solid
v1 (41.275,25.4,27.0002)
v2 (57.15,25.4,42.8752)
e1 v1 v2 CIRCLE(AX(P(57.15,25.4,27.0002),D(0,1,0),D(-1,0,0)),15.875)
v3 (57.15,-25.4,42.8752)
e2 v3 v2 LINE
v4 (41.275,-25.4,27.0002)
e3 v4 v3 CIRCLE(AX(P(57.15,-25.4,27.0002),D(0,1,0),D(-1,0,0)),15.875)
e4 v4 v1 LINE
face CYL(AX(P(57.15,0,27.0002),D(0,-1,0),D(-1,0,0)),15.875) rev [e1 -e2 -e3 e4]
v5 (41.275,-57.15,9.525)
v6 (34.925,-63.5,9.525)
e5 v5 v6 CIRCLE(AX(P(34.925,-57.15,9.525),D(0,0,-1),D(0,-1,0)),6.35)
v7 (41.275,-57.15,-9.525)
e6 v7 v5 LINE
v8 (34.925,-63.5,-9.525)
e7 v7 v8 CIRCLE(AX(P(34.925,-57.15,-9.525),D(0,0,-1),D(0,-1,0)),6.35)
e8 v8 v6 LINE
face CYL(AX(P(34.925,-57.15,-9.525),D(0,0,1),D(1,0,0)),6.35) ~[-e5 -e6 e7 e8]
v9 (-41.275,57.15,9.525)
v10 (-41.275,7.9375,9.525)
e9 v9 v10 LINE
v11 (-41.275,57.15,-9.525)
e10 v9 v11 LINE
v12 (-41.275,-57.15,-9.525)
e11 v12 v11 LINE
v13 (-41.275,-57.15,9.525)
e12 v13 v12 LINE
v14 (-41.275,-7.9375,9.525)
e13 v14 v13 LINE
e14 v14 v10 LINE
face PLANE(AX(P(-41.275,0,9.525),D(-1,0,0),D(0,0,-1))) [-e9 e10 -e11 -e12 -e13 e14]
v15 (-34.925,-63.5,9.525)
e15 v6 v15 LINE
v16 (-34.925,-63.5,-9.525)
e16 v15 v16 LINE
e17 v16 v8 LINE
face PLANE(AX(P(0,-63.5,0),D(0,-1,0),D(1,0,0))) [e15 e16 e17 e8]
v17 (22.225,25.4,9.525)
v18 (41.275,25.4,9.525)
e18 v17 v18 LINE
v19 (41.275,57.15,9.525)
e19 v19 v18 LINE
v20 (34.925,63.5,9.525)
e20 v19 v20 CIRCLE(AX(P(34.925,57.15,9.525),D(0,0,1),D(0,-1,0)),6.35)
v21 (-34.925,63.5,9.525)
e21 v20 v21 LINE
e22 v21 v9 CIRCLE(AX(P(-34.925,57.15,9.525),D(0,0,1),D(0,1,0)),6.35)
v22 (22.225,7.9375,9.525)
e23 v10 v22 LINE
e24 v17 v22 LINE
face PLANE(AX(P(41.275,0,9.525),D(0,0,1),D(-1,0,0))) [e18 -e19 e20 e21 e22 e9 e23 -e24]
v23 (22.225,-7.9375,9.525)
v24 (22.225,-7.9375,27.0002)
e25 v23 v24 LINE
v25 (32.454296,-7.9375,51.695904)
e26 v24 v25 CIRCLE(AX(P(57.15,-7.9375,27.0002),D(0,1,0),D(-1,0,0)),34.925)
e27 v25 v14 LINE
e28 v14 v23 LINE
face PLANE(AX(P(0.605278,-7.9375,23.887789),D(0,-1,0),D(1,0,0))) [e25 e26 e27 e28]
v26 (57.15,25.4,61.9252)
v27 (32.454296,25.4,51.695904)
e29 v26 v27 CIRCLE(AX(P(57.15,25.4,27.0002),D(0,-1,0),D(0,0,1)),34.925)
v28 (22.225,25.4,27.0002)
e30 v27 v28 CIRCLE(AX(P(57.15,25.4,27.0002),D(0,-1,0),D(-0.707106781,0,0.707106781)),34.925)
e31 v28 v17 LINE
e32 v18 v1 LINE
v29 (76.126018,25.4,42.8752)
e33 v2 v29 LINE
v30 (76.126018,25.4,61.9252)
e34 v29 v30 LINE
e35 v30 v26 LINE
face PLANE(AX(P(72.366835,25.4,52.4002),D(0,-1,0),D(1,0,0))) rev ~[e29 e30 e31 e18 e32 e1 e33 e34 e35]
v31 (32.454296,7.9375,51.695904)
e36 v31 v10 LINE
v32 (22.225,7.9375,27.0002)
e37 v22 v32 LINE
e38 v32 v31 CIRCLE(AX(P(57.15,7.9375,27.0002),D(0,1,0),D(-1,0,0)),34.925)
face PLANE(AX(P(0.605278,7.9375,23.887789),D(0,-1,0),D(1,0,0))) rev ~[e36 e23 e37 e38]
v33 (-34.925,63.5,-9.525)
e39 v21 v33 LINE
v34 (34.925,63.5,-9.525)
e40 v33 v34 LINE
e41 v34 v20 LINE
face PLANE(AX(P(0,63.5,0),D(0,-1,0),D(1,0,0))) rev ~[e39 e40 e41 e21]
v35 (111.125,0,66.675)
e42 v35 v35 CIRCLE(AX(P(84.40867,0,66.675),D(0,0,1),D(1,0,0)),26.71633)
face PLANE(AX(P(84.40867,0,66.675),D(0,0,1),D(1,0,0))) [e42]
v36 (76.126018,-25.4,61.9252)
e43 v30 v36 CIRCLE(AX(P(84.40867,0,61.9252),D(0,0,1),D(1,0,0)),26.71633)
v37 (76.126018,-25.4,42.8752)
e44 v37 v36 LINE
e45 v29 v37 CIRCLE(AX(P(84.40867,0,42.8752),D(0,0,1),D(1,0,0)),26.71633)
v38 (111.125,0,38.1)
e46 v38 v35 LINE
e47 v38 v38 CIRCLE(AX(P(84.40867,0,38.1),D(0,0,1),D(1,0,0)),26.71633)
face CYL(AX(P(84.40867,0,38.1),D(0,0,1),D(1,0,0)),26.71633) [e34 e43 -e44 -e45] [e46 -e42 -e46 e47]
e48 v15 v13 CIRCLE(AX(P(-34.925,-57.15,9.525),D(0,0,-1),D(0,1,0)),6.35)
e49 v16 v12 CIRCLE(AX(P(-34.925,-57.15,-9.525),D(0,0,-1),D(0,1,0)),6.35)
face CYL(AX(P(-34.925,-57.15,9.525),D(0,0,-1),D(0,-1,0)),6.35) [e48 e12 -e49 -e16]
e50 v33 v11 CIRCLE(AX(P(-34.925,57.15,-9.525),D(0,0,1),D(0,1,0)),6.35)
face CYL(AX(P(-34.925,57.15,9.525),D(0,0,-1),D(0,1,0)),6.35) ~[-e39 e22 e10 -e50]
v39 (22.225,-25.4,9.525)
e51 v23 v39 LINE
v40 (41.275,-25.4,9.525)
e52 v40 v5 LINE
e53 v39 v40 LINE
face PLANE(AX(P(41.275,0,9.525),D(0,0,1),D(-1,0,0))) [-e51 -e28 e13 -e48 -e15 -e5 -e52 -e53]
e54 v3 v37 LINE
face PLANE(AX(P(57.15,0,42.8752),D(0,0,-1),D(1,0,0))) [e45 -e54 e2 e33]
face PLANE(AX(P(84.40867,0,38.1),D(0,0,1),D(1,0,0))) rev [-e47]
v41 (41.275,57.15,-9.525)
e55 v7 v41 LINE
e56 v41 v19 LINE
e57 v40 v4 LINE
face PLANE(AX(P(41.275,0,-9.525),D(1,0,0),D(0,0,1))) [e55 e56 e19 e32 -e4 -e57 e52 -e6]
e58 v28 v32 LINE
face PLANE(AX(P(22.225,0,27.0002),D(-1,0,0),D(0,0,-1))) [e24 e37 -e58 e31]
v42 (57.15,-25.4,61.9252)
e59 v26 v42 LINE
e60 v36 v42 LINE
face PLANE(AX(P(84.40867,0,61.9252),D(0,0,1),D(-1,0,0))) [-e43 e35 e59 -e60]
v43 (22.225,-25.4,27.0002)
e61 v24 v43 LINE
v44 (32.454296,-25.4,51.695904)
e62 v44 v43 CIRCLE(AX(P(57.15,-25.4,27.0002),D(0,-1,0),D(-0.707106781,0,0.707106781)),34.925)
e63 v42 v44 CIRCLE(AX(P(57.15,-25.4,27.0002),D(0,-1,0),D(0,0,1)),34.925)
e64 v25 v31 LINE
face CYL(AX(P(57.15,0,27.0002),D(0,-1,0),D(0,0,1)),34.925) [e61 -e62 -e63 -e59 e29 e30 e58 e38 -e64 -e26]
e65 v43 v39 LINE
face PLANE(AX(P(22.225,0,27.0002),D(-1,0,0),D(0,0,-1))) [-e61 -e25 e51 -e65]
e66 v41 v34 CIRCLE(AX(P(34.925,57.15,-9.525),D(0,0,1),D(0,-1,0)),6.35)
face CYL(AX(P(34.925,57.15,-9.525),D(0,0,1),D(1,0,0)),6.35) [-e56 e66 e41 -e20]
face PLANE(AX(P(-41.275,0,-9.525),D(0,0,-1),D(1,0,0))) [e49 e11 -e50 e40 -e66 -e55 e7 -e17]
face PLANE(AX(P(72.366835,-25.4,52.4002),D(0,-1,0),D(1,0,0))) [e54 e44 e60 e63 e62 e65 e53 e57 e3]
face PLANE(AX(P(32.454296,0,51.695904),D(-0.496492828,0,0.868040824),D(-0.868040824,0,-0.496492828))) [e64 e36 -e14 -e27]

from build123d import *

# Parameters (mm, degrees)
F1_DEPTH = 63.5
F0_W     = 24.0836695663
F0_H     = 19.05
F2_DEPTH = 25.4
F3_DEPTH = 7.9375
F5_R     = 6.35


with BuildPart() as f1:
    # F0 (on Front) → F1 (new body, symmetric)
    with BuildSketch(Plane.XZ):
        Polygon((41.275, -9.525), (41.275, 9.525), (22.225, 9.525), (-41.275, 9.525), (-41.275, -9.525), align=None)
    extrude(amount=F1_DEPTH, both=True)

    # F0 (on Front) → F2 (join, symmetric)
    with BuildSketch(Plane.XZ):
        with Locations((72.3668347831, 52.4002)):
            Rectangle(F0_W, F0_H)
        with BuildLine():
            Line((22.225, 9.525), (41.275, 9.525))
            Line((41.275, 9.525), (41.275, 27.0002))
            ThreePointArc((41.275, 27.0002), (45.9246798487, 38.2255201513), (57.15, 42.8752))
            Line((57.15, 42.8752), (60.325, 42.8752))
            Line((60.325, 42.8752), (60.325, 61.9252))
            Line((60.325, 61.9252), (57.15, 61.9252))
            ThreePointArc((57.15, 61.9252), (43.7847811246, 59.266692673), (32.4542956671, 51.6959043329))
            ThreePointArc((32.4542956671, 51.6959043329), (24.883507327, 40.3654188754), (22.225, 27.0002))
            Line((22.225, 27.0002), (22.225, 9.525))
        make_face()
    extrude(amount=F2_DEPTH, both=True)

    # F0 (on Front) → F3 (join, symmetric)
    with BuildSketch(Plane.XZ):
        with BuildLine():
            Line((-41.275, 9.525), (22.225, 9.525))
            Line((22.225, 9.525), (22.225, 27.0002))
            ThreePointArc((22.225, 27.0002), (24.883507327, 40.3654188754), (32.4542956671, 51.6959043329))
            Line((32.4542956671, 51.6959043329), (-41.275, 9.525))
        make_face()
    extrude(amount=F3_DEPTH, both=True)

    # F0 (on Front) → F4 (revolve)
    with BuildSketch(Plane.XZ):
        Polygon((84.4086695663, 61.9252), (84.4086695663, 42.8752), (84.4086695663, 38.1), (111.125, 38.1), (111.125, 66.675), (84.4086695663, 66.675), align=None)
    revolve(axis=Axis((84.4086695663, 0, 52.3875), (0, 0, 1)))

    # F5
    f5_edges = [f1.edges().sort_by_distance(p)[0] for p in [
        (41.275, -63.5, 0),
        (-41.275, -63.5, 0),
        (-41.275, 63.5, 0),
        (41.275, 63.5, 0),
    ]]
    fillet(f5_edges, radius=F5_R)


solid = f1.part
